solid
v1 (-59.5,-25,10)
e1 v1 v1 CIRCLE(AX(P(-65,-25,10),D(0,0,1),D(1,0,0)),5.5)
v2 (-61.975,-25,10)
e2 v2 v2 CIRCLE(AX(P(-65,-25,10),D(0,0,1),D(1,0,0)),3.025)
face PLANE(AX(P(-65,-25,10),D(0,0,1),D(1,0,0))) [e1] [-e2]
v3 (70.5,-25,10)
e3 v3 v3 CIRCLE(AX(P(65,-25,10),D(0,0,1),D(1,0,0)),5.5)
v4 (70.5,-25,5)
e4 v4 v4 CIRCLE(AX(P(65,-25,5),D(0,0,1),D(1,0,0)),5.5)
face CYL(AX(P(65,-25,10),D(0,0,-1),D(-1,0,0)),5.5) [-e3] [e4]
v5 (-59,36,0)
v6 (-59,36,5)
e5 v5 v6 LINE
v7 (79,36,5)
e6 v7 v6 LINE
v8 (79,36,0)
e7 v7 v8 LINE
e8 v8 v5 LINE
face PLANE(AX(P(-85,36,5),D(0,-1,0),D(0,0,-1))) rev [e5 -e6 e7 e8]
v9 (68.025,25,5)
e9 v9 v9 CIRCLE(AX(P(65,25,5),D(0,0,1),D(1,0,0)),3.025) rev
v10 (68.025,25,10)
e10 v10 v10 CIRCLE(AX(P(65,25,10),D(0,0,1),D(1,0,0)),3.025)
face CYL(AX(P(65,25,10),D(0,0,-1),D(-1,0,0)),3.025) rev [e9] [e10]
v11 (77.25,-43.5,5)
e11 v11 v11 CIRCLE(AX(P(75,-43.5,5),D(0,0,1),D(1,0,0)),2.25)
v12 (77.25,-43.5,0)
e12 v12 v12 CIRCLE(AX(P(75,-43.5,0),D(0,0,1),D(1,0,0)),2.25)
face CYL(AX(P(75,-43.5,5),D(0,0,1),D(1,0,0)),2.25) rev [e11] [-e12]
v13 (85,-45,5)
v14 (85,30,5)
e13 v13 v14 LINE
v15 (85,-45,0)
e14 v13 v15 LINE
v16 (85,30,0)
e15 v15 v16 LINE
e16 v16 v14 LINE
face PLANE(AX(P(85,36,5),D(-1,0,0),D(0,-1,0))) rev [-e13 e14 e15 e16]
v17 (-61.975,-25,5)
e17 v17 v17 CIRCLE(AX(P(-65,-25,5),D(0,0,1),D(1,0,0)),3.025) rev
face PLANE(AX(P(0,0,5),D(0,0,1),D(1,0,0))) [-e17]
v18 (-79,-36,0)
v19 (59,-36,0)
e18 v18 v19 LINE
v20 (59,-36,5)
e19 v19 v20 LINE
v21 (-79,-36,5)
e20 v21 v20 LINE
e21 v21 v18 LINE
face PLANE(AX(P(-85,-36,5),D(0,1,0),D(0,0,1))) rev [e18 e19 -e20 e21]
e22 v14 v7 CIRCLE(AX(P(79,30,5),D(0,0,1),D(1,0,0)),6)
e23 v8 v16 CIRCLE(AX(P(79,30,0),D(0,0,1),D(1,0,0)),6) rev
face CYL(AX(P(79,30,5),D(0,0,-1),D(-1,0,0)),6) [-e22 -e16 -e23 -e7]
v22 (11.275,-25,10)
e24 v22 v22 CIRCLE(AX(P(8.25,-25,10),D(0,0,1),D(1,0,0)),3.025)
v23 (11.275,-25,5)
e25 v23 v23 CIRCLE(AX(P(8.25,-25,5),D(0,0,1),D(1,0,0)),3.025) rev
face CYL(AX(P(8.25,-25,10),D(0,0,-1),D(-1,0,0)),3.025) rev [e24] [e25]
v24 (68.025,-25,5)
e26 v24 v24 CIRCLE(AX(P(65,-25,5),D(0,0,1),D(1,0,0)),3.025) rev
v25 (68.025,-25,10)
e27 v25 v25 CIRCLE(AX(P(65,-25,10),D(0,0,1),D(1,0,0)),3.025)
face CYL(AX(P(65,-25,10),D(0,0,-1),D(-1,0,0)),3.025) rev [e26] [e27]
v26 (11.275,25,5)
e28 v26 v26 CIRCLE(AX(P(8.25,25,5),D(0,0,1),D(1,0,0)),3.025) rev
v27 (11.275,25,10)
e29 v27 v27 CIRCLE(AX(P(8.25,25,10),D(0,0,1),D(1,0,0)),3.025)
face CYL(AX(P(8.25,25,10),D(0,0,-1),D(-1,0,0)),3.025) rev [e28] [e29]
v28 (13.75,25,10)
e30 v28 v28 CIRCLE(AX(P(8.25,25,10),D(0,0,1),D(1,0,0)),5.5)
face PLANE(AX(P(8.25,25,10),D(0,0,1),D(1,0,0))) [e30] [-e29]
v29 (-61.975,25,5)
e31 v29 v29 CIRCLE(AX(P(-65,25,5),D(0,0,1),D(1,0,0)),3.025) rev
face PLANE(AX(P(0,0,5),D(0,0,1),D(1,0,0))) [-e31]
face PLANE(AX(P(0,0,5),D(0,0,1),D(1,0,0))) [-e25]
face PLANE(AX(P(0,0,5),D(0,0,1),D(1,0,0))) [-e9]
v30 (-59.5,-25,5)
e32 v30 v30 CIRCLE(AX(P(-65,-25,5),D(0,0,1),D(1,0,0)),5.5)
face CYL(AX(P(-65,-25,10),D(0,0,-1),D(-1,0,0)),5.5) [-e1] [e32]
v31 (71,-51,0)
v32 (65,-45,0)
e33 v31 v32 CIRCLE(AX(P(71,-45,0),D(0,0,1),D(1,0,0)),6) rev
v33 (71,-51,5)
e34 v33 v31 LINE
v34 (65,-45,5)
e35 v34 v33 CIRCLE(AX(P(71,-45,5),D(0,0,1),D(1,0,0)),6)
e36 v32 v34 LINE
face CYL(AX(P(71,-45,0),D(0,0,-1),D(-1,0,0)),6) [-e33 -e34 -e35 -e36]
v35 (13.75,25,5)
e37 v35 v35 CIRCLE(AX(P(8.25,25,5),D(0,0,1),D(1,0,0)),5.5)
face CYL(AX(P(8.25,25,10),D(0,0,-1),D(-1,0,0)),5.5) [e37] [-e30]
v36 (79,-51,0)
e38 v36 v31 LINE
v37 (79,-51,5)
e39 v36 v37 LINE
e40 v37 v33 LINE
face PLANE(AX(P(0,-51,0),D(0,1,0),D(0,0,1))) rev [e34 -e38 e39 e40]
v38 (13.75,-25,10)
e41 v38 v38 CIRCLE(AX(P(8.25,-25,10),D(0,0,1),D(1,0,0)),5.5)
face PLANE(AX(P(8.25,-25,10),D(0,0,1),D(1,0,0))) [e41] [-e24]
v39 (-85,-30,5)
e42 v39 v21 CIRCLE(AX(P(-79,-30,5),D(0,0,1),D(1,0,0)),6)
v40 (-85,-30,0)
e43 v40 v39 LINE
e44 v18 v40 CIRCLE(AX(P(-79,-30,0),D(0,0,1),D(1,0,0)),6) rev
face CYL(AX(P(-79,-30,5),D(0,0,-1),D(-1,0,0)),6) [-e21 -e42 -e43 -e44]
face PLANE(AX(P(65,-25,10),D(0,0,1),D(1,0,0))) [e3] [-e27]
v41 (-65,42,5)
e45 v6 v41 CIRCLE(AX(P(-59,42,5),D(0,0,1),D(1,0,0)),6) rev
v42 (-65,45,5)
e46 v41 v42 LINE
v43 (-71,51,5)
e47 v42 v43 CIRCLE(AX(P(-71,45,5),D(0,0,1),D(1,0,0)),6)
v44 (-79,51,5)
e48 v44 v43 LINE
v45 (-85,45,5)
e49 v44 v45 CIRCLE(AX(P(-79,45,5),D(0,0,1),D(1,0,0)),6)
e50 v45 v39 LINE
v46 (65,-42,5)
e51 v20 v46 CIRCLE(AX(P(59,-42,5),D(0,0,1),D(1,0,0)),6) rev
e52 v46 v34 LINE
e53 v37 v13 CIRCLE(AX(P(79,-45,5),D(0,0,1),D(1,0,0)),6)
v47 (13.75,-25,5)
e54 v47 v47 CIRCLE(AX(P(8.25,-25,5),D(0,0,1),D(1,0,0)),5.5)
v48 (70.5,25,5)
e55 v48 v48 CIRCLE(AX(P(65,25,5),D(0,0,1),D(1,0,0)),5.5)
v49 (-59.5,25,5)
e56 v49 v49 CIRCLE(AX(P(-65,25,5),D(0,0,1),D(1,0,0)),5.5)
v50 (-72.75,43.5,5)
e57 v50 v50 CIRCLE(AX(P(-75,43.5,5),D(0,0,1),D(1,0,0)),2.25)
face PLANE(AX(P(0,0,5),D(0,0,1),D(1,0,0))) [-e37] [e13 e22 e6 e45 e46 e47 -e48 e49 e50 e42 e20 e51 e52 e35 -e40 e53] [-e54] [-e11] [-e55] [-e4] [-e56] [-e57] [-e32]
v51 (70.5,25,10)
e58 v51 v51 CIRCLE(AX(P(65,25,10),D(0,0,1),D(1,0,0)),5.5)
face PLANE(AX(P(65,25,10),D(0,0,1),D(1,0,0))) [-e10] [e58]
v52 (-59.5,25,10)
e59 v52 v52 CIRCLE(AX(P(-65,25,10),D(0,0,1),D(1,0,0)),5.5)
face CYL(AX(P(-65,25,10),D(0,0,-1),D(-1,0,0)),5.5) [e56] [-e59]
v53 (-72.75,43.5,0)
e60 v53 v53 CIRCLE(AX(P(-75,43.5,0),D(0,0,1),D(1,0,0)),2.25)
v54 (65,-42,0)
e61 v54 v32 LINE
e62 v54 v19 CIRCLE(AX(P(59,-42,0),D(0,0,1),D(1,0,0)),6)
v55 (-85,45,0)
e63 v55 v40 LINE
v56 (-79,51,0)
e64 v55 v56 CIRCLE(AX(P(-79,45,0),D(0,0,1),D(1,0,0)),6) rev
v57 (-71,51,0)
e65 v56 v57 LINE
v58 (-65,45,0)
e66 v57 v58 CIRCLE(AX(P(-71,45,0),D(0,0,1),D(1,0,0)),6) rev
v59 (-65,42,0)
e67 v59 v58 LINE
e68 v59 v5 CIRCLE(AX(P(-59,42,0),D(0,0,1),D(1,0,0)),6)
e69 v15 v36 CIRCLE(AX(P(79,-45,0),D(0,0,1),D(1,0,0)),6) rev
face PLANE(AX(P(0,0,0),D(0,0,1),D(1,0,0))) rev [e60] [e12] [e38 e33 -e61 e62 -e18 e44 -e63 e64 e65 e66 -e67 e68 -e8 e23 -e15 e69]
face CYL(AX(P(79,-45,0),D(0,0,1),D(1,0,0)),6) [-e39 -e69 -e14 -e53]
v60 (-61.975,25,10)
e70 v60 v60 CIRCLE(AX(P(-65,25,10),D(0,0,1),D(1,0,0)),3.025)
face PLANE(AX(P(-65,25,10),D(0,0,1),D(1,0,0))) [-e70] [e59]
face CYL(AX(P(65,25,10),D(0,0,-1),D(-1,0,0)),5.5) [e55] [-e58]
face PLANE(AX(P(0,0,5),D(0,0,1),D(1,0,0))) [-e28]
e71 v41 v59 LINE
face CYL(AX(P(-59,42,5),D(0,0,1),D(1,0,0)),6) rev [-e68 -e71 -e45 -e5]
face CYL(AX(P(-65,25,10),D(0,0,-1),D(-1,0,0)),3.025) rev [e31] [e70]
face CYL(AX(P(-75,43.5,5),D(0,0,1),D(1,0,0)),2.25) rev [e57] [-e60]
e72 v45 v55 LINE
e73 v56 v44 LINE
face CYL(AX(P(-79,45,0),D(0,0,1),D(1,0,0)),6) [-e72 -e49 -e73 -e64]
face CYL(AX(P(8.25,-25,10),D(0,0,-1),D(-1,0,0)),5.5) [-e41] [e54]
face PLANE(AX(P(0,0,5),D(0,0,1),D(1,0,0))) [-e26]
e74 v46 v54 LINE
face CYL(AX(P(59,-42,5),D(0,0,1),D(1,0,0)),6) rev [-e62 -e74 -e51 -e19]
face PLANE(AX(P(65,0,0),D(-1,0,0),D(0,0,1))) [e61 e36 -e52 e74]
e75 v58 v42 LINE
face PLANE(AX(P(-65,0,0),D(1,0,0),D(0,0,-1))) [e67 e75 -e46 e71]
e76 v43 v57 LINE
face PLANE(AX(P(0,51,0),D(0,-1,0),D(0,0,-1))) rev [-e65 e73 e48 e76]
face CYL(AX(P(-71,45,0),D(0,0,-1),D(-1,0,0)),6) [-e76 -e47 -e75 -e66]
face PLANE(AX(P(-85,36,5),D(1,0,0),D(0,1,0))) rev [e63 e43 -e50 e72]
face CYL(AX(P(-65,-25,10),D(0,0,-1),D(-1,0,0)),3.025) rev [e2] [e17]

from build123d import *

# Parameters (mm, degrees)
SKETCH1_W            = 170
SKETCH1_H            = 72
BOSS_EXTRUDE1_DEPTH  = 5
SKETCH2_R            = 5.5
SKETCH2_R_2          = 3.025
BOSS_EXTRUDE2_DEPTH  = 5
BOSS_EXTRUDE3_DEPTH  = 5
FILLET1_R            = 6
M4_CLEARANCE_HOLE1_D = 4.5


with BuildPart() as part:
    # Sketch1 → Boss-Extrude1 (new body)
    with BuildSketch(Plane.XY):
        Rectangle(SKETCH1_W, SKETCH1_H)
    extrude(amount=BOSS_EXTRUDE1_DEPTH)

    # Sketch2 → Boss-Extrude2 (add)
    # profile 1 of 6: a face of its own
    with BuildSketch(Plane.XY.offset(5)):
        with Locations((65, 25)):
            Circle(SKETCH2_R)
        with Locations((65, 25)):
            Circle(SKETCH2_R_2, mode=Mode.SUBTRACT)
    # profile 2 of 6: a face of its own
    with BuildSketch(Plane.XY.offset(5)):
        with Locations((8.25, 25)):
            Circle(SKETCH2_R)
        with Locations((8.25, 25)):
            Circle(SKETCH2_R_2, mode=Mode.SUBTRACT)
    # profile 3 of 6: a face of its own
    with BuildSketch(Plane.XY.offset(5)):
        with Locations((-65, 25)):
            Circle(SKETCH2_R)
        with Locations((-65, 25)):
            Circle(SKETCH2_R_2, mode=Mode.SUBTRACT)
    # profile 4 of 6: a face of its own
    with BuildSketch(Plane.XY.offset(5)):
        with Locations((-65, -25)):
            Circle(SKETCH2_R)
        with Locations((-65, -25)):
            Circle(SKETCH2_R_2, mode=Mode.SUBTRACT)
    # profile 5 of 6: a face of its own
    with BuildSketch(Plane.XY.offset(5)):
        with Locations((8.25, -25)):
            Circle(SKETCH2_R)
        with Locations((8.25, -25)):
            Circle(SKETCH2_R_2, mode=Mode.SUBTRACT)
    # profile 6 of 6: a face of its own
    with BuildSketch(Plane.XY.offset(5)):
        with Locations((65, -25)):
            Circle(SKETCH2_R)
        with Locations((65, -25)):
            Circle(SKETCH2_R_2, mode=Mode.SUBTRACT)
    extrude(amount=BOSS_EXTRUDE2_DEPTH)

    # Sketch3 → Boss-Extrude3 (add)
    with BuildSketch(Plane.XY.offset(5)):
        Polygon((-65, 51), (-85, 36), (-85, 51), align=None)
        Polygon((-65, 51), (-85, 36), (-65, 36), align=None)
        Polygon((65, -51), (85, -36), (65, -36), align=None)
        Polygon((85, -36), (85, -51), (65, -51), align=None)
    extrude(amount=-BOSS_EXTRUDE3_DEPTH)

    # Fillet1
    fillet1_edges = [part.edges().sort_by_distance(p)[0] for p in [
        (-85, 51, 2.5),
        (-65, 51, 2.5),
        (-65, 36, 2.5),
        (65, -51, 2.5),
        (65, -36, 2.5),
        (85, -51, 2.5),
        (-85, -36, 2.5),
        (85, 36, 2.5),
    ]]
    fillet(fillet1_edges, radius=FILLET1_R)

    # M4 Clearance Hole1 (through all)
    with Locations(Plane.XY.offset(5)):
        with Locations((-75, 43.5), (75, -43.5)):
            Hole(M4_CLEARANCE_HOLE1_D / 2)


solid = part.part
